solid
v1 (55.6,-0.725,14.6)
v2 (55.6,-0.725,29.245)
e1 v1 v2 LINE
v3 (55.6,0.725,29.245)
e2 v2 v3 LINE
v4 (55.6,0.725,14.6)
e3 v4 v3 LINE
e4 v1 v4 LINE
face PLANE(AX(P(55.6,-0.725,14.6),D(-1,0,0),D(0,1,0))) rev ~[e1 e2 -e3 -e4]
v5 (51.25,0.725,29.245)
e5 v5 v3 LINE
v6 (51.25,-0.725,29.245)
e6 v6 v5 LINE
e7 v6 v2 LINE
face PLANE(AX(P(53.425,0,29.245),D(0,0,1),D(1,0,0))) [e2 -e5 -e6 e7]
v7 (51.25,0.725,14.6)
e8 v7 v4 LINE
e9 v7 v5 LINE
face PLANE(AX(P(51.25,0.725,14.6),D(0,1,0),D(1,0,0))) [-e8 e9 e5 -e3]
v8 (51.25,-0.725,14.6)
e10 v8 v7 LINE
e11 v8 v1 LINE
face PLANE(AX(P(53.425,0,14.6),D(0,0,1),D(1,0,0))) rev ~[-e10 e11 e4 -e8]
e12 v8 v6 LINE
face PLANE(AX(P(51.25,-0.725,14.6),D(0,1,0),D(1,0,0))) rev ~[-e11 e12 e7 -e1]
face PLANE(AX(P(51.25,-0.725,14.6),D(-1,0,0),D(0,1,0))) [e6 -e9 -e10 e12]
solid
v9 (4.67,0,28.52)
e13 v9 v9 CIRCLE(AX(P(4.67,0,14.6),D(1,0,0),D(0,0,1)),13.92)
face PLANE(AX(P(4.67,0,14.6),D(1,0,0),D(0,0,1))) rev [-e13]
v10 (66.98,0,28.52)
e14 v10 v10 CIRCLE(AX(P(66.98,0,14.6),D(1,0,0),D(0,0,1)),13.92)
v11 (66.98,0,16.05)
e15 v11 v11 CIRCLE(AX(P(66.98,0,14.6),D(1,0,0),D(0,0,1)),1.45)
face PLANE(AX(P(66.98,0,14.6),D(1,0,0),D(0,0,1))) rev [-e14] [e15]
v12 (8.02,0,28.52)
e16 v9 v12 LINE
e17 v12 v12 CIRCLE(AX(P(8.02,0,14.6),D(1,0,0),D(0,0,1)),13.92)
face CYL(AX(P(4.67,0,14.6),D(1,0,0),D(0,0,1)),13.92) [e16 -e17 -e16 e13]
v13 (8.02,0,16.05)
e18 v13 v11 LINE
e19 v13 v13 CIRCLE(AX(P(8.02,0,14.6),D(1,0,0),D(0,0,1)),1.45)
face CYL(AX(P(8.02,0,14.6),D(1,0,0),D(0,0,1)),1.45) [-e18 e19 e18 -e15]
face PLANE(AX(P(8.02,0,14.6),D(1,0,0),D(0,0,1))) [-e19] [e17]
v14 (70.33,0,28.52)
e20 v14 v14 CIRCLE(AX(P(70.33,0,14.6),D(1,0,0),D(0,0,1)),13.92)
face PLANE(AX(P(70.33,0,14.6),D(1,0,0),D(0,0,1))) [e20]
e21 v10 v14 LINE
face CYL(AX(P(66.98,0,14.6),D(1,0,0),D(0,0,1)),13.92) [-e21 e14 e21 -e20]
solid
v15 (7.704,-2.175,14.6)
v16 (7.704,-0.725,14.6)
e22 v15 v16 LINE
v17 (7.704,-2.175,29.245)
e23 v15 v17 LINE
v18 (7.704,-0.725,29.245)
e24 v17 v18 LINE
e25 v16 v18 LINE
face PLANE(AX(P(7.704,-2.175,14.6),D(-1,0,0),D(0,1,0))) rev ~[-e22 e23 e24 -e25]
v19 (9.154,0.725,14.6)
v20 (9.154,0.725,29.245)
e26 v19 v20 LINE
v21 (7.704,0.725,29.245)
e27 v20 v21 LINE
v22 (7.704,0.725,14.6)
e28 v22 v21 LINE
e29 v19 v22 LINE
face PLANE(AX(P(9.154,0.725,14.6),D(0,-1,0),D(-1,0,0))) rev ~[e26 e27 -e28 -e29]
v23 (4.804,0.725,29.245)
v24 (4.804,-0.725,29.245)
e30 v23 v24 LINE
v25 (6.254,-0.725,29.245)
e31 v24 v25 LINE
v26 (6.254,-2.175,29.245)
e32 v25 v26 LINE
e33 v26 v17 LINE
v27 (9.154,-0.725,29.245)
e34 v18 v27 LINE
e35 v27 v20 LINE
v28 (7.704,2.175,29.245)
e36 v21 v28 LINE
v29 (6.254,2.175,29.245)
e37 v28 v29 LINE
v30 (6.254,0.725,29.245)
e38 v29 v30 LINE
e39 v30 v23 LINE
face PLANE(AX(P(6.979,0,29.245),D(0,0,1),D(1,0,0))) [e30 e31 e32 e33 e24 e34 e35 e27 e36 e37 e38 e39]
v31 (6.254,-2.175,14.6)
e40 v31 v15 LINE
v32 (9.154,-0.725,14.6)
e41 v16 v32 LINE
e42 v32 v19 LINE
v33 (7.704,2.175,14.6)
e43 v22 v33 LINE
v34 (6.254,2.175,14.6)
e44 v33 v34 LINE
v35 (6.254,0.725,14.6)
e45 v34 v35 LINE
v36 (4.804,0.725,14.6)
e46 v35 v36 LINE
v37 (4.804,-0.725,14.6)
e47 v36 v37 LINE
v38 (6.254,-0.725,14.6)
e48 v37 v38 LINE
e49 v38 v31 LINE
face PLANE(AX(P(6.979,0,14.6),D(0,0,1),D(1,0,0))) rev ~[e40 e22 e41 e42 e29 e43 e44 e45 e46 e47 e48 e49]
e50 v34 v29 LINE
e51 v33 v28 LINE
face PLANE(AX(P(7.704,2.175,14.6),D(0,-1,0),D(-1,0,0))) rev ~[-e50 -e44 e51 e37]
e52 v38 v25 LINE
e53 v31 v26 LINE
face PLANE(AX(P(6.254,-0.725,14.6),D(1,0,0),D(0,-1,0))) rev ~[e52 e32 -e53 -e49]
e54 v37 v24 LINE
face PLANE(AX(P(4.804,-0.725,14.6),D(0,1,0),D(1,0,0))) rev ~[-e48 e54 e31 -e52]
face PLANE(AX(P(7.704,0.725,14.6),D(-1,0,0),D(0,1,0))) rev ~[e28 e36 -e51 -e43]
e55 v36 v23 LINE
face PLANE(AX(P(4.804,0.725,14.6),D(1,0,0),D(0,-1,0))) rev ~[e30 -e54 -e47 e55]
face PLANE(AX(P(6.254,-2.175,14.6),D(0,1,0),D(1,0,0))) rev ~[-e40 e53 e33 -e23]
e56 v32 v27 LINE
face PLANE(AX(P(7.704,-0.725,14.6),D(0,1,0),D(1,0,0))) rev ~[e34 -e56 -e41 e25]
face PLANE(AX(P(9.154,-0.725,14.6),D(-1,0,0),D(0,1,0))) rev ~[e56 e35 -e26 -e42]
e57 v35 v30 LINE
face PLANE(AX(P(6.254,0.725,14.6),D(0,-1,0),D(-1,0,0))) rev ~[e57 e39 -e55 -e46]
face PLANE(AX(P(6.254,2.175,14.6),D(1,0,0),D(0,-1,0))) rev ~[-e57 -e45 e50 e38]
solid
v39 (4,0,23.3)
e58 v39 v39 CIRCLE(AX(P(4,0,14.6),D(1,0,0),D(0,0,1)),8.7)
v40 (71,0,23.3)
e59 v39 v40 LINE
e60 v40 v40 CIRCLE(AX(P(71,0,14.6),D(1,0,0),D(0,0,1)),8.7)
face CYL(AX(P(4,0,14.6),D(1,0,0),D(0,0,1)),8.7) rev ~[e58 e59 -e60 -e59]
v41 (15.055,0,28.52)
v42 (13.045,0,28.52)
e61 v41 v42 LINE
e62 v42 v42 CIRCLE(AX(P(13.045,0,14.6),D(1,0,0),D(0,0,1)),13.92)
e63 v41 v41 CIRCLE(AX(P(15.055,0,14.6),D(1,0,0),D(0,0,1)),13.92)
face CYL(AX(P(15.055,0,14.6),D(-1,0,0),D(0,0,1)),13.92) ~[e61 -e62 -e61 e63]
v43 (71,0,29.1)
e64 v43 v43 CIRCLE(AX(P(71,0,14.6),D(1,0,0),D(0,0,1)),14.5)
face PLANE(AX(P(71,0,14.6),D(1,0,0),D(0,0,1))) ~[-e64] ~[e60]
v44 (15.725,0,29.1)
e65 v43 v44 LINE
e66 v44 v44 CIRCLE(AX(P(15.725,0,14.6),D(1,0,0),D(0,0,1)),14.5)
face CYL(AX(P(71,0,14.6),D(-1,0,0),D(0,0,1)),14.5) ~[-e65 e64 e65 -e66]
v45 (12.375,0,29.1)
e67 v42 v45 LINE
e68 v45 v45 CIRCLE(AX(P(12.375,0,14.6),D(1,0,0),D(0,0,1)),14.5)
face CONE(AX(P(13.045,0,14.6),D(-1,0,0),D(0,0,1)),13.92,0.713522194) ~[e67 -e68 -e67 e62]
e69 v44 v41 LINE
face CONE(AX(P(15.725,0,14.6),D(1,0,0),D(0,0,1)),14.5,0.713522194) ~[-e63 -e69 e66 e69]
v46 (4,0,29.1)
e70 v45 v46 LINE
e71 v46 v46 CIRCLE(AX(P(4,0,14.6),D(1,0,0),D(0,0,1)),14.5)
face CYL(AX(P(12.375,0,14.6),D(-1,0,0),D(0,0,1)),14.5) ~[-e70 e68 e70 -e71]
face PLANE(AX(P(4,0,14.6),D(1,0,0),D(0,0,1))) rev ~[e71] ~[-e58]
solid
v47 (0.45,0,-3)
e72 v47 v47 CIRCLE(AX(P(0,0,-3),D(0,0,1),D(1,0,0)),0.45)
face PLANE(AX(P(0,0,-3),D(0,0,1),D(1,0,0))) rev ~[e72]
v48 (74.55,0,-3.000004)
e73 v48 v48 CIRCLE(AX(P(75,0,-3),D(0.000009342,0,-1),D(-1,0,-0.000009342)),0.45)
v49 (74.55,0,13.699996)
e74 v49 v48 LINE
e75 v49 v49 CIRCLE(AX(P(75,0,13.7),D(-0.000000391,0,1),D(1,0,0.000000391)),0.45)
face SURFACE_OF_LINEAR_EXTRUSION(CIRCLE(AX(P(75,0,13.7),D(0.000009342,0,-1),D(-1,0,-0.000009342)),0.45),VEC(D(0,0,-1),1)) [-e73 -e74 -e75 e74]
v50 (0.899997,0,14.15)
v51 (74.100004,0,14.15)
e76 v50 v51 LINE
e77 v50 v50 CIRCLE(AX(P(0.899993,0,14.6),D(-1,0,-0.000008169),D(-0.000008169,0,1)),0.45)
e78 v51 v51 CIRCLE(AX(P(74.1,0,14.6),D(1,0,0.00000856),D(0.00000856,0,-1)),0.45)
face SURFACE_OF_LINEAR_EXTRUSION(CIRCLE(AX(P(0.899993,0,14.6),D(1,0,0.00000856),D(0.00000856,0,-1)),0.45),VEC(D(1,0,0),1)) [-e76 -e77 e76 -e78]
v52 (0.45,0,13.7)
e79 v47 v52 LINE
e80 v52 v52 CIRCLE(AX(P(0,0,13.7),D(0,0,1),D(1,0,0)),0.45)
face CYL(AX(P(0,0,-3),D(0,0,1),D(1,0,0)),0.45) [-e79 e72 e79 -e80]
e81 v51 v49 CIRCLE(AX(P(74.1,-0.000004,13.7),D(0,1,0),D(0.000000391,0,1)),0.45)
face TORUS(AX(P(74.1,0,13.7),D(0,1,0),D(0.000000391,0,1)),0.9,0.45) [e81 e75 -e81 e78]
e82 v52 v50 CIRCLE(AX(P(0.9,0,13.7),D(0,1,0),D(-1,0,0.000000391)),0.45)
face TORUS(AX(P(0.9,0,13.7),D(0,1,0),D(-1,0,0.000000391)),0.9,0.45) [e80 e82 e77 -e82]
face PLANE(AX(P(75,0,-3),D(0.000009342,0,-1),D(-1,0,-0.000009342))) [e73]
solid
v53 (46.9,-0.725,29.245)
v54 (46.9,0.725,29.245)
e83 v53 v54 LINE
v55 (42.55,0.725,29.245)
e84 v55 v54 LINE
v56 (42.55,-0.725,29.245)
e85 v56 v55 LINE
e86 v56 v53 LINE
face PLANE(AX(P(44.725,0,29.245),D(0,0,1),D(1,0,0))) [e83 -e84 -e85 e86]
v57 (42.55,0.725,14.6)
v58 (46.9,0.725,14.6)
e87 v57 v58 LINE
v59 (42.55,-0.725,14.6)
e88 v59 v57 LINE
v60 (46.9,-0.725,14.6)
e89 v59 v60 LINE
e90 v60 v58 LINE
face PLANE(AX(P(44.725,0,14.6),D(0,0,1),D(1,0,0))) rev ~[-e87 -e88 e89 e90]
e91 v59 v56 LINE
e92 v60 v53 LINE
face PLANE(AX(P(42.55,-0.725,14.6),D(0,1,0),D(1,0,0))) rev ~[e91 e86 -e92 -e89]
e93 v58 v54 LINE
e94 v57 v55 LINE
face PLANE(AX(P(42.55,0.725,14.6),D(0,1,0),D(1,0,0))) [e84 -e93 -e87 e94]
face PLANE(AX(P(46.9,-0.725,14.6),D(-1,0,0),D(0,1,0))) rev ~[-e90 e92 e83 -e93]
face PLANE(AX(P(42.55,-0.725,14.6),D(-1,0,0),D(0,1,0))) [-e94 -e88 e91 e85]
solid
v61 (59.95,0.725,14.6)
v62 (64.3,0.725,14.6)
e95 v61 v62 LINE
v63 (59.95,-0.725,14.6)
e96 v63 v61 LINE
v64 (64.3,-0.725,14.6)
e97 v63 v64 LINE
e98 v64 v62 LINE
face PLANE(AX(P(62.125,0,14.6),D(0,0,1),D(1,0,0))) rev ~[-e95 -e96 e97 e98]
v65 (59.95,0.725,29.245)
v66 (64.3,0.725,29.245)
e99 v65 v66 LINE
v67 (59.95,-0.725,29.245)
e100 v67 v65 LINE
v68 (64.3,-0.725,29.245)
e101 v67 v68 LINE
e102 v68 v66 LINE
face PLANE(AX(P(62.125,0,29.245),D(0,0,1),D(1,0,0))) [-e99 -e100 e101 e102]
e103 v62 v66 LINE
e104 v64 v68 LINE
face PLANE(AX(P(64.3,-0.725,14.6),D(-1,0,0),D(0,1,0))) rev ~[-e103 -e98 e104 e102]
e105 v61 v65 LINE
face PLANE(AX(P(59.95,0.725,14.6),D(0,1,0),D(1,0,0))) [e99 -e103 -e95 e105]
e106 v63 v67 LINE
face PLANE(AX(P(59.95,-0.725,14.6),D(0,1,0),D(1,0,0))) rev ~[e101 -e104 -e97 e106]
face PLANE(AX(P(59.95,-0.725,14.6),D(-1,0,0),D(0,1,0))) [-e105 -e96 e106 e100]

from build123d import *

# Parameters (mm, degrees)
SKETCH_R    = 0.45
SKETCH004_W = 4.35
SKETCH004_H = 1.45
PAD_DEPTH   = 14.645


with BuildPart() as sweep_body:
    # Sweep: sweep along a path in Sketch001
    with BuildLine(Plane.XZ) as sweep_path:
        Line((0, -3), (0, 13.7))
        ThreePointArc((0, 13.7), (0.263601, 14.336393), (0.899993, 14.6))
        Line((0.899993, 14.6), (74.1, 14.6))
        ThreePointArc((74.1, 14.6), (74.736396, 14.336396), (75, 13.7))
        Line((75, 13.7), (75, -3))
    # Sketch → Sweep (sweep)
    with BuildSketch(Plane.XY.offset(-2)):
        Circle(SKETCH_R)
    sweep(path=sweep_path.line)


with BuildPart() as revolution:
    # Sketch002 → Revolution (revolve)
    with BuildSketch(Plane.XZ):
        Polygon((4, 29.1), (4, 23.3), (71, 23.3), (71, 29.1), (15.725, 29.1), (15.055, 28.52), (13.045, 28.52), (12.375, 29.1), align=None)
    revolve(axis=Axis((6.97588, 0, 14.6), (1, 0, 0)))


with BuildPart() as revolution001:
    # Sketch003 → Revolution001 (revolve)
    with BuildSketch(Plane.XZ):
        Polygon((4.67, 28.52), (8.02, 28.52), (8.02, 16.05), (66.98, 16.05), (66.98, 28.52), (70.33, 28.52), (70.33, 14.6), (4.67, 14.6), align=None)
    revolve(axis=Axis((6.97588, 0, 14.6), (1, 0, 0)))


with BuildPart() as pad:
    # Sketch004 → Pad (new body)
    with BuildSketch(Plane.XY.offset(14.6)):
        with Locations((62.125, 0)):
            Rectangle(SKETCH004_W, SKETCH004_H)
        with Locations((53.425, 0)):
            Rectangle(SKETCH004_W, SKETCH004_H)
        with Locations((44.725, 0)):
            Rectangle(SKETCH004_W, SKETCH004_H)
        Polygon((6.254, 0.725), (4.804, 0.725), (4.804, -0.725), (6.254, -0.725), (6.254, -2.175), (7.704, -2.175), (7.704, -0.725), (9.154, -0.725), (9.154, 0.725), (7.704, 0.725), (7.704, 2.175), (6.254, 2.175), align=None)
    extrude(amount=PAD_DEPTH)


solid = Compound([sweep_body.part, revolution.part, revolution001.part, pad.part])
